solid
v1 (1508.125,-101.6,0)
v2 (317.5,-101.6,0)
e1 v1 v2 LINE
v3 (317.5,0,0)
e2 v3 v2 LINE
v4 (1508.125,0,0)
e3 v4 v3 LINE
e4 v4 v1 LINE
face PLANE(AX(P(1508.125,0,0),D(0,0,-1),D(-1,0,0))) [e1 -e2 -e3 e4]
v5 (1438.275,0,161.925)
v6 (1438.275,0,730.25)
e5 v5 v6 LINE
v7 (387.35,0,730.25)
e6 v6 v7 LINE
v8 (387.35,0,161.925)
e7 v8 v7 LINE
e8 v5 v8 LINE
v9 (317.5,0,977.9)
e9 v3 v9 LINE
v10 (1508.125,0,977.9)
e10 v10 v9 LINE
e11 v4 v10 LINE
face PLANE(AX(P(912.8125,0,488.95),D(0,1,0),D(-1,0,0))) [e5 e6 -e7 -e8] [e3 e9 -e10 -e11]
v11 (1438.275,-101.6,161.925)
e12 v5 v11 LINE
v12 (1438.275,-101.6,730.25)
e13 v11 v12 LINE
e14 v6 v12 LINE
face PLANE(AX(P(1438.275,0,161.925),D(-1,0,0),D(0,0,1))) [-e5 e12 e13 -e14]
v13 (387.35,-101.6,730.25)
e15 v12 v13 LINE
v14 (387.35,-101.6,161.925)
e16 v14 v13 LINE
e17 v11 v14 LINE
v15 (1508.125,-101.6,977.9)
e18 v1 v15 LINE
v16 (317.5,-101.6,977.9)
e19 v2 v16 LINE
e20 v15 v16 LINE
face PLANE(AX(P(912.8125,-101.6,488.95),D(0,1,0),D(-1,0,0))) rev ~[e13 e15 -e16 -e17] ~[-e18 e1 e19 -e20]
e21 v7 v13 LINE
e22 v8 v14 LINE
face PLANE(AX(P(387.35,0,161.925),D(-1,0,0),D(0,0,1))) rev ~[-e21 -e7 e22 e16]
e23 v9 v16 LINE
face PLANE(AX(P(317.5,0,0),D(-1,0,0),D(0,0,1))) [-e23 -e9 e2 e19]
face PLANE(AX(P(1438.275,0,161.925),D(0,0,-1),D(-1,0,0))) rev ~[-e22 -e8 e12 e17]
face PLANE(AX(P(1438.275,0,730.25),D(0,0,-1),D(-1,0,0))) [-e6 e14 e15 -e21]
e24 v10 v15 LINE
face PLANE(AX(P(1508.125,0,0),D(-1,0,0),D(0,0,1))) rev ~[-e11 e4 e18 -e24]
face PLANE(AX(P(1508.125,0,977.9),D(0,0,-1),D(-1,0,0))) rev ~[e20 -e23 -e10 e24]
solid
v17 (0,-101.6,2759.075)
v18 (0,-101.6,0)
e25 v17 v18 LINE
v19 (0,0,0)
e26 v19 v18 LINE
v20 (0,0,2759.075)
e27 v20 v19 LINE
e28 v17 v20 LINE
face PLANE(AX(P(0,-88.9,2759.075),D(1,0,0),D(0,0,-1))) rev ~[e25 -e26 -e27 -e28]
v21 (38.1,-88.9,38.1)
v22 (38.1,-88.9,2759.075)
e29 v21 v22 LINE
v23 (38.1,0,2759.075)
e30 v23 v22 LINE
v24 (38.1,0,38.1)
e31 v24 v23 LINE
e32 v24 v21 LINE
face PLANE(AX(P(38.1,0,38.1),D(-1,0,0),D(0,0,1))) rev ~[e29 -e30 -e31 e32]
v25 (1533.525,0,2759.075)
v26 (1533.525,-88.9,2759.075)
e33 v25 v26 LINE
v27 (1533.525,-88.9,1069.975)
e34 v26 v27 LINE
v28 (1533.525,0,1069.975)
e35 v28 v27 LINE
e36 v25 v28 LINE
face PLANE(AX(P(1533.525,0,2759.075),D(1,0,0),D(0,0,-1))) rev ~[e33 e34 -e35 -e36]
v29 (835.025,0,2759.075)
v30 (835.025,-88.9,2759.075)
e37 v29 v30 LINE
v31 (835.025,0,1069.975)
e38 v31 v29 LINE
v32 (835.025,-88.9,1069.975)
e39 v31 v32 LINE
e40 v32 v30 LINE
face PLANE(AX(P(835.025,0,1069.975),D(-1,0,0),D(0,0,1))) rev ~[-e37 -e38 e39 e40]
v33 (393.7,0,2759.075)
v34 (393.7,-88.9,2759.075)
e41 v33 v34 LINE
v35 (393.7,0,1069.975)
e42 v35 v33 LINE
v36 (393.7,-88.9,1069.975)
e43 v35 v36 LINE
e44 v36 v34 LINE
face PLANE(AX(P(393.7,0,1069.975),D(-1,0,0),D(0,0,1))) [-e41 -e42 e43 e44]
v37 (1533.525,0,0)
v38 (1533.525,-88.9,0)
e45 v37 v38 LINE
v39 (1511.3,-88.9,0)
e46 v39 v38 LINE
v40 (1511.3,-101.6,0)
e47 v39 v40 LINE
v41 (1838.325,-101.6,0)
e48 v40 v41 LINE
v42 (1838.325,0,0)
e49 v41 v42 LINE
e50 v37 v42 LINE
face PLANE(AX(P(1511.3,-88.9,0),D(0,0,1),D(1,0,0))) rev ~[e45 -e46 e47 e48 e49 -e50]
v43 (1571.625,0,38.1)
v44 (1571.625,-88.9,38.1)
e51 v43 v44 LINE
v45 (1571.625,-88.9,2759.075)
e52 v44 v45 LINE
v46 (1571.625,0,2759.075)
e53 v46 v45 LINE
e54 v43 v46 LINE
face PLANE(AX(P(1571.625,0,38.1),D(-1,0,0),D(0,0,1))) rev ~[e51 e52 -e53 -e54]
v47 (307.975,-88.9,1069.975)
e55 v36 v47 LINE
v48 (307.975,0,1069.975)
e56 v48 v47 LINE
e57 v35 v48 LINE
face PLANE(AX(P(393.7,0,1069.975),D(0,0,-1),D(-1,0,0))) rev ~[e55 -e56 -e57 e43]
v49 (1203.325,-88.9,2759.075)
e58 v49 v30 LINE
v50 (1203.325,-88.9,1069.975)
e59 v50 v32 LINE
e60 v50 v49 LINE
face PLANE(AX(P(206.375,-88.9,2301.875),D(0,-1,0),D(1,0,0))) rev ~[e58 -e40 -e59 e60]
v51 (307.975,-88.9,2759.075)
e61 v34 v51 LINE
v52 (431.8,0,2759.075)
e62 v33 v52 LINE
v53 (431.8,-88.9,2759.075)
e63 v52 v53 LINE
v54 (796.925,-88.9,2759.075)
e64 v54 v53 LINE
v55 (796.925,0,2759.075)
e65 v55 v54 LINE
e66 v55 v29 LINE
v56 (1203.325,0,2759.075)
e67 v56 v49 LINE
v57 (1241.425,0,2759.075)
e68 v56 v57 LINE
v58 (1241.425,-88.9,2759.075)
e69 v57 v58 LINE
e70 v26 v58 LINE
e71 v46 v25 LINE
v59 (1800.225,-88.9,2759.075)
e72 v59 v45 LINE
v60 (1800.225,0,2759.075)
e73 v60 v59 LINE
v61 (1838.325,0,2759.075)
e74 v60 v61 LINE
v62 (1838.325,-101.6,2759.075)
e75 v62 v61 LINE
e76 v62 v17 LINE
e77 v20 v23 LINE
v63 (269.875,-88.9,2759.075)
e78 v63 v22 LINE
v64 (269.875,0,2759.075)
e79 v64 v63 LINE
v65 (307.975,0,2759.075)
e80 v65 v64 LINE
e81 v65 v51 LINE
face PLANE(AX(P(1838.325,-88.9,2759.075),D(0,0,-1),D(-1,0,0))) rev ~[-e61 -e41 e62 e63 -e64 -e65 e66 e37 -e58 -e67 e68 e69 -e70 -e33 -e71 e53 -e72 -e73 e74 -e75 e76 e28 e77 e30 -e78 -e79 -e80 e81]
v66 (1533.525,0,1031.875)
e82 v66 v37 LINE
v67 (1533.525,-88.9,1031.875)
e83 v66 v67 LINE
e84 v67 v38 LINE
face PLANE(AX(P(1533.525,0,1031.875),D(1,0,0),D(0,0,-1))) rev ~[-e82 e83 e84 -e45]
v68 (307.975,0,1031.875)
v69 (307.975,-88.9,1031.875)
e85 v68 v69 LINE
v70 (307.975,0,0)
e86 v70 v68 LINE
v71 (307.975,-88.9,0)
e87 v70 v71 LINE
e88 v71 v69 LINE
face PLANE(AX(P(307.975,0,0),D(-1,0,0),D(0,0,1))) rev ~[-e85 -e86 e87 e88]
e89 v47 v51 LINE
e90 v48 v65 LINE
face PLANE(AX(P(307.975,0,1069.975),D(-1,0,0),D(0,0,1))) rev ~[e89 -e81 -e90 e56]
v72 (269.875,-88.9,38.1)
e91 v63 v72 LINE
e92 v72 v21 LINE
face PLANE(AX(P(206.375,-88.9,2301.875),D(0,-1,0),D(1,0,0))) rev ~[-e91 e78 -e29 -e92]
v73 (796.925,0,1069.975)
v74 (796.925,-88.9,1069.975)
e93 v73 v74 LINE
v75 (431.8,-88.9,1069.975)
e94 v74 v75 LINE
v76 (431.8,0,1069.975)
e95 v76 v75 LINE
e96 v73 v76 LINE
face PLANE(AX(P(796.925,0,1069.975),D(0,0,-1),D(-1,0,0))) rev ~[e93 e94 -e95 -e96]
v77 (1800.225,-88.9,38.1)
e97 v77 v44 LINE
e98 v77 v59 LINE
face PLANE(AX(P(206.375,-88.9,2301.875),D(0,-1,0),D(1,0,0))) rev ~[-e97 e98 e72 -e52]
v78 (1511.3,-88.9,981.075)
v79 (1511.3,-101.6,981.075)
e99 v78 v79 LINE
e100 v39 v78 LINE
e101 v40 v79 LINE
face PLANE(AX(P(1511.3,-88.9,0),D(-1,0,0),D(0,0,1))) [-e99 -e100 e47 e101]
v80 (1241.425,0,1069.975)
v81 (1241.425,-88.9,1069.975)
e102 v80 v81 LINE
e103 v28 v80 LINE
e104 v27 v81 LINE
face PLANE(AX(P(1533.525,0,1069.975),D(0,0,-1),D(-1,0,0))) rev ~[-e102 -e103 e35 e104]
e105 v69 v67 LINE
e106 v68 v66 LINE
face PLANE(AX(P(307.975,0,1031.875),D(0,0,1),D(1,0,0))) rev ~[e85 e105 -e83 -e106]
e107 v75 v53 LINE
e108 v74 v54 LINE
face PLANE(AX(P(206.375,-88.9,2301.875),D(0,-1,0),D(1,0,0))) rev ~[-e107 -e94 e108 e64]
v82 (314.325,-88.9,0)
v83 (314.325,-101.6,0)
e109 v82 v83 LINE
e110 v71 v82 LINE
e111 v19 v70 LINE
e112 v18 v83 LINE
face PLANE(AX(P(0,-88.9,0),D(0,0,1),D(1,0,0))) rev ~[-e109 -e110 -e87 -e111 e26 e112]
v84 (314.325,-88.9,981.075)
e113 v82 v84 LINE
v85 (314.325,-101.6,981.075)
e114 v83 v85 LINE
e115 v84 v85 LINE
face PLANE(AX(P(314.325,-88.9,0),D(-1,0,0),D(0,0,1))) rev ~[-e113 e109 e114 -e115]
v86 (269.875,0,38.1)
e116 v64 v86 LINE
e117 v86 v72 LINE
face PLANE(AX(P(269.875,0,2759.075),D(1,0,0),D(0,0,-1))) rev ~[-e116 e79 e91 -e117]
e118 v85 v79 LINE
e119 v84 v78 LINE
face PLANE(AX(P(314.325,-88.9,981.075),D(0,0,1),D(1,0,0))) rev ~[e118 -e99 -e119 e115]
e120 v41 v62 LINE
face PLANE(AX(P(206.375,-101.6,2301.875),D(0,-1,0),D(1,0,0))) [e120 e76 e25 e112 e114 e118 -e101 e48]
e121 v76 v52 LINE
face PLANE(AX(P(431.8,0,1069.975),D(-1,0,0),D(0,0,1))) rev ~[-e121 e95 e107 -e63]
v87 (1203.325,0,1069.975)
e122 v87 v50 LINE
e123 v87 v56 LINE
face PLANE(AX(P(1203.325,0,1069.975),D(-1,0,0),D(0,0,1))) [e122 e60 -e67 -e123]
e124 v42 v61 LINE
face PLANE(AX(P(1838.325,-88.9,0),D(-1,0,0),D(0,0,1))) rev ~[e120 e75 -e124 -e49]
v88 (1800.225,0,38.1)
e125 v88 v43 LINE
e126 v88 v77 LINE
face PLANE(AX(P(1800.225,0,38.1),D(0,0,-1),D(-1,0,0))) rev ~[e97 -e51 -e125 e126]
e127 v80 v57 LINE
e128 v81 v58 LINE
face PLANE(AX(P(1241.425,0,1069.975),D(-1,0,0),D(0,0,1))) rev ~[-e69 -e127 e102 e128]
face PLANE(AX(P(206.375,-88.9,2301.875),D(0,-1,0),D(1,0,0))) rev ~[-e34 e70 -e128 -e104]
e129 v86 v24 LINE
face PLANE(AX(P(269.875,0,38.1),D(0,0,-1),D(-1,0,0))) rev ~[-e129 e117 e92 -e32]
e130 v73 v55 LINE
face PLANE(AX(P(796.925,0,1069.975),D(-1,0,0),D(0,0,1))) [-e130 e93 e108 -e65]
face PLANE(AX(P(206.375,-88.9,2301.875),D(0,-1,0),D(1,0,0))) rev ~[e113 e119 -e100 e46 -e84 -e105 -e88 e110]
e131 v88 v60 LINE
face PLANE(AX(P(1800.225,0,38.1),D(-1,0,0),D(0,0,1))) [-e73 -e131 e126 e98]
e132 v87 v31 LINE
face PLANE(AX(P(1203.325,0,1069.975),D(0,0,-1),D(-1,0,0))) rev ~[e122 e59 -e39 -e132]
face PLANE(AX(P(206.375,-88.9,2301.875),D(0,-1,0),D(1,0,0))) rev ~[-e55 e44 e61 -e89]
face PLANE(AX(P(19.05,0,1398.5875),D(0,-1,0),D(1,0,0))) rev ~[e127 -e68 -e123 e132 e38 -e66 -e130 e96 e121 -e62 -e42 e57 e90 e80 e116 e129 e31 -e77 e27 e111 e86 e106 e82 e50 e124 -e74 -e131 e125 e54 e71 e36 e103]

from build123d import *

# Parameters (mm, degrees)
F0_W     = 38.1
F0_H     = 2720.975
F0_H_2   = 1689.1
F1_DEPTH = 88.9
F2_W     = 1190.625
F2_H     = 977.9
F2_W_2   = 1050.925
F2_H_2   = 568.325
F3_DEPTH = 101.6
F4_W     = 412.75
F4_H     = 914.4
F4_W_2   = 1425.575
F4_W_3   = 314.325
F4_H_2   = 981.075
F4_W_4   = 327.025
F5_DEPTH = 12.7


with BuildPart() as f1:
    # F0 (on Front) → F1 (new body)
    with BuildSketch(Plane.XZ):
        with Locations((19.05, 1398.5875)):
            Rectangle(F0_W, F0_H)
        Polygon((38.1, 38.1), (0, 38.1), (0, 0), (307.975, 0), (307.975, 38.1), (269.875, 38.1), align=None)
        Polygon((269.875, 2759.075), (269.875, 38.1), (307.975, 38.1), (307.975, 1031.875), (307.975, 1069.975), (307.975, 2759.075), align=None)
        Polygon((307.975, 1069.975), (307.975, 1031.875), (1533.525, 1031.875), (1533.525, 1069.975), (1241.425, 1069.975), (1203.325, 1069.975), (835.025, 1069.975), (796.925, 1069.975), (431.8, 1069.975), (393.7, 1069.975), align=None)
        Polygon((1533.525, 1069.975), (1533.525, 1031.875), (1533.525, 38.1), (1571.625, 38.1), (1571.625, 2759.075), (1533.525, 2759.075), align=None)
        Polygon((1571.625, 38.1), (1533.525, 38.1), (1533.525, 0), (1838.325, 0), (1838.325, 38.1), (1800.225, 38.1), align=None)
        with Locations((412.75, 1914.525)):
            Rectangle(F0_W, F0_H_2)
        with Locations((1222.375, 1914.525)):
            Rectangle(F0_W, F0_H_2)
        with Locations((1819.275, 1398.5875)):
            Rectangle(F0_W, F0_H)
        with Locations((815.975, 1914.525)):
            Rectangle(F0_W, F0_H_2)
    extrude(amount=F1_DEPTH)

    # F4 (on face) → F5 (join)
    with BuildSketch(Plane.XZ.offset(88.9)):
        with Locations((206.375, 2301.875)):
            Rectangle(F4_W, F4_H)
        with Locations((1125.5375, 2301.875)):
            Rectangle(F4_W_2, F4_H)
        Polygon((412.75, 1844.675), (0, 1844.675), (0, 981.075), (314.325, 981.075), (412.75, 981.075), align=None)
        Polygon((1838.325, 1844.675), (412.75, 1844.675), (412.75, 981.075), (1511.3, 981.075), (1838.325, 981.075), align=None)
        with Locations((157.1625, 490.5375)):
            Rectangle(F4_W_3, F4_H_2)
        with Locations((1674.8125, 490.5375)):
            Rectangle(F4_W_4, F4_H_2)
    extrude(amount=F5_DEPTH)


with BuildPart() as f3:
    # F2 (on face) → F3 (new body)
    with BuildSketch(Plane(origin=(0, 0, 0), x_dir=(-1, 0, 0), z_dir=(0, 1, 0))):
        with Locations((-912.8125, 488.95)):
            Rectangle(F2_W, F2_H)
        with Locations((-912.8125, 446.0875)):
            Rectangle(F2_W_2, F2_H_2, mode=Mode.SUBTRACT)
    extrude(amount=-F3_DEPTH)


solid = Compound([f1.part, f3.part])
